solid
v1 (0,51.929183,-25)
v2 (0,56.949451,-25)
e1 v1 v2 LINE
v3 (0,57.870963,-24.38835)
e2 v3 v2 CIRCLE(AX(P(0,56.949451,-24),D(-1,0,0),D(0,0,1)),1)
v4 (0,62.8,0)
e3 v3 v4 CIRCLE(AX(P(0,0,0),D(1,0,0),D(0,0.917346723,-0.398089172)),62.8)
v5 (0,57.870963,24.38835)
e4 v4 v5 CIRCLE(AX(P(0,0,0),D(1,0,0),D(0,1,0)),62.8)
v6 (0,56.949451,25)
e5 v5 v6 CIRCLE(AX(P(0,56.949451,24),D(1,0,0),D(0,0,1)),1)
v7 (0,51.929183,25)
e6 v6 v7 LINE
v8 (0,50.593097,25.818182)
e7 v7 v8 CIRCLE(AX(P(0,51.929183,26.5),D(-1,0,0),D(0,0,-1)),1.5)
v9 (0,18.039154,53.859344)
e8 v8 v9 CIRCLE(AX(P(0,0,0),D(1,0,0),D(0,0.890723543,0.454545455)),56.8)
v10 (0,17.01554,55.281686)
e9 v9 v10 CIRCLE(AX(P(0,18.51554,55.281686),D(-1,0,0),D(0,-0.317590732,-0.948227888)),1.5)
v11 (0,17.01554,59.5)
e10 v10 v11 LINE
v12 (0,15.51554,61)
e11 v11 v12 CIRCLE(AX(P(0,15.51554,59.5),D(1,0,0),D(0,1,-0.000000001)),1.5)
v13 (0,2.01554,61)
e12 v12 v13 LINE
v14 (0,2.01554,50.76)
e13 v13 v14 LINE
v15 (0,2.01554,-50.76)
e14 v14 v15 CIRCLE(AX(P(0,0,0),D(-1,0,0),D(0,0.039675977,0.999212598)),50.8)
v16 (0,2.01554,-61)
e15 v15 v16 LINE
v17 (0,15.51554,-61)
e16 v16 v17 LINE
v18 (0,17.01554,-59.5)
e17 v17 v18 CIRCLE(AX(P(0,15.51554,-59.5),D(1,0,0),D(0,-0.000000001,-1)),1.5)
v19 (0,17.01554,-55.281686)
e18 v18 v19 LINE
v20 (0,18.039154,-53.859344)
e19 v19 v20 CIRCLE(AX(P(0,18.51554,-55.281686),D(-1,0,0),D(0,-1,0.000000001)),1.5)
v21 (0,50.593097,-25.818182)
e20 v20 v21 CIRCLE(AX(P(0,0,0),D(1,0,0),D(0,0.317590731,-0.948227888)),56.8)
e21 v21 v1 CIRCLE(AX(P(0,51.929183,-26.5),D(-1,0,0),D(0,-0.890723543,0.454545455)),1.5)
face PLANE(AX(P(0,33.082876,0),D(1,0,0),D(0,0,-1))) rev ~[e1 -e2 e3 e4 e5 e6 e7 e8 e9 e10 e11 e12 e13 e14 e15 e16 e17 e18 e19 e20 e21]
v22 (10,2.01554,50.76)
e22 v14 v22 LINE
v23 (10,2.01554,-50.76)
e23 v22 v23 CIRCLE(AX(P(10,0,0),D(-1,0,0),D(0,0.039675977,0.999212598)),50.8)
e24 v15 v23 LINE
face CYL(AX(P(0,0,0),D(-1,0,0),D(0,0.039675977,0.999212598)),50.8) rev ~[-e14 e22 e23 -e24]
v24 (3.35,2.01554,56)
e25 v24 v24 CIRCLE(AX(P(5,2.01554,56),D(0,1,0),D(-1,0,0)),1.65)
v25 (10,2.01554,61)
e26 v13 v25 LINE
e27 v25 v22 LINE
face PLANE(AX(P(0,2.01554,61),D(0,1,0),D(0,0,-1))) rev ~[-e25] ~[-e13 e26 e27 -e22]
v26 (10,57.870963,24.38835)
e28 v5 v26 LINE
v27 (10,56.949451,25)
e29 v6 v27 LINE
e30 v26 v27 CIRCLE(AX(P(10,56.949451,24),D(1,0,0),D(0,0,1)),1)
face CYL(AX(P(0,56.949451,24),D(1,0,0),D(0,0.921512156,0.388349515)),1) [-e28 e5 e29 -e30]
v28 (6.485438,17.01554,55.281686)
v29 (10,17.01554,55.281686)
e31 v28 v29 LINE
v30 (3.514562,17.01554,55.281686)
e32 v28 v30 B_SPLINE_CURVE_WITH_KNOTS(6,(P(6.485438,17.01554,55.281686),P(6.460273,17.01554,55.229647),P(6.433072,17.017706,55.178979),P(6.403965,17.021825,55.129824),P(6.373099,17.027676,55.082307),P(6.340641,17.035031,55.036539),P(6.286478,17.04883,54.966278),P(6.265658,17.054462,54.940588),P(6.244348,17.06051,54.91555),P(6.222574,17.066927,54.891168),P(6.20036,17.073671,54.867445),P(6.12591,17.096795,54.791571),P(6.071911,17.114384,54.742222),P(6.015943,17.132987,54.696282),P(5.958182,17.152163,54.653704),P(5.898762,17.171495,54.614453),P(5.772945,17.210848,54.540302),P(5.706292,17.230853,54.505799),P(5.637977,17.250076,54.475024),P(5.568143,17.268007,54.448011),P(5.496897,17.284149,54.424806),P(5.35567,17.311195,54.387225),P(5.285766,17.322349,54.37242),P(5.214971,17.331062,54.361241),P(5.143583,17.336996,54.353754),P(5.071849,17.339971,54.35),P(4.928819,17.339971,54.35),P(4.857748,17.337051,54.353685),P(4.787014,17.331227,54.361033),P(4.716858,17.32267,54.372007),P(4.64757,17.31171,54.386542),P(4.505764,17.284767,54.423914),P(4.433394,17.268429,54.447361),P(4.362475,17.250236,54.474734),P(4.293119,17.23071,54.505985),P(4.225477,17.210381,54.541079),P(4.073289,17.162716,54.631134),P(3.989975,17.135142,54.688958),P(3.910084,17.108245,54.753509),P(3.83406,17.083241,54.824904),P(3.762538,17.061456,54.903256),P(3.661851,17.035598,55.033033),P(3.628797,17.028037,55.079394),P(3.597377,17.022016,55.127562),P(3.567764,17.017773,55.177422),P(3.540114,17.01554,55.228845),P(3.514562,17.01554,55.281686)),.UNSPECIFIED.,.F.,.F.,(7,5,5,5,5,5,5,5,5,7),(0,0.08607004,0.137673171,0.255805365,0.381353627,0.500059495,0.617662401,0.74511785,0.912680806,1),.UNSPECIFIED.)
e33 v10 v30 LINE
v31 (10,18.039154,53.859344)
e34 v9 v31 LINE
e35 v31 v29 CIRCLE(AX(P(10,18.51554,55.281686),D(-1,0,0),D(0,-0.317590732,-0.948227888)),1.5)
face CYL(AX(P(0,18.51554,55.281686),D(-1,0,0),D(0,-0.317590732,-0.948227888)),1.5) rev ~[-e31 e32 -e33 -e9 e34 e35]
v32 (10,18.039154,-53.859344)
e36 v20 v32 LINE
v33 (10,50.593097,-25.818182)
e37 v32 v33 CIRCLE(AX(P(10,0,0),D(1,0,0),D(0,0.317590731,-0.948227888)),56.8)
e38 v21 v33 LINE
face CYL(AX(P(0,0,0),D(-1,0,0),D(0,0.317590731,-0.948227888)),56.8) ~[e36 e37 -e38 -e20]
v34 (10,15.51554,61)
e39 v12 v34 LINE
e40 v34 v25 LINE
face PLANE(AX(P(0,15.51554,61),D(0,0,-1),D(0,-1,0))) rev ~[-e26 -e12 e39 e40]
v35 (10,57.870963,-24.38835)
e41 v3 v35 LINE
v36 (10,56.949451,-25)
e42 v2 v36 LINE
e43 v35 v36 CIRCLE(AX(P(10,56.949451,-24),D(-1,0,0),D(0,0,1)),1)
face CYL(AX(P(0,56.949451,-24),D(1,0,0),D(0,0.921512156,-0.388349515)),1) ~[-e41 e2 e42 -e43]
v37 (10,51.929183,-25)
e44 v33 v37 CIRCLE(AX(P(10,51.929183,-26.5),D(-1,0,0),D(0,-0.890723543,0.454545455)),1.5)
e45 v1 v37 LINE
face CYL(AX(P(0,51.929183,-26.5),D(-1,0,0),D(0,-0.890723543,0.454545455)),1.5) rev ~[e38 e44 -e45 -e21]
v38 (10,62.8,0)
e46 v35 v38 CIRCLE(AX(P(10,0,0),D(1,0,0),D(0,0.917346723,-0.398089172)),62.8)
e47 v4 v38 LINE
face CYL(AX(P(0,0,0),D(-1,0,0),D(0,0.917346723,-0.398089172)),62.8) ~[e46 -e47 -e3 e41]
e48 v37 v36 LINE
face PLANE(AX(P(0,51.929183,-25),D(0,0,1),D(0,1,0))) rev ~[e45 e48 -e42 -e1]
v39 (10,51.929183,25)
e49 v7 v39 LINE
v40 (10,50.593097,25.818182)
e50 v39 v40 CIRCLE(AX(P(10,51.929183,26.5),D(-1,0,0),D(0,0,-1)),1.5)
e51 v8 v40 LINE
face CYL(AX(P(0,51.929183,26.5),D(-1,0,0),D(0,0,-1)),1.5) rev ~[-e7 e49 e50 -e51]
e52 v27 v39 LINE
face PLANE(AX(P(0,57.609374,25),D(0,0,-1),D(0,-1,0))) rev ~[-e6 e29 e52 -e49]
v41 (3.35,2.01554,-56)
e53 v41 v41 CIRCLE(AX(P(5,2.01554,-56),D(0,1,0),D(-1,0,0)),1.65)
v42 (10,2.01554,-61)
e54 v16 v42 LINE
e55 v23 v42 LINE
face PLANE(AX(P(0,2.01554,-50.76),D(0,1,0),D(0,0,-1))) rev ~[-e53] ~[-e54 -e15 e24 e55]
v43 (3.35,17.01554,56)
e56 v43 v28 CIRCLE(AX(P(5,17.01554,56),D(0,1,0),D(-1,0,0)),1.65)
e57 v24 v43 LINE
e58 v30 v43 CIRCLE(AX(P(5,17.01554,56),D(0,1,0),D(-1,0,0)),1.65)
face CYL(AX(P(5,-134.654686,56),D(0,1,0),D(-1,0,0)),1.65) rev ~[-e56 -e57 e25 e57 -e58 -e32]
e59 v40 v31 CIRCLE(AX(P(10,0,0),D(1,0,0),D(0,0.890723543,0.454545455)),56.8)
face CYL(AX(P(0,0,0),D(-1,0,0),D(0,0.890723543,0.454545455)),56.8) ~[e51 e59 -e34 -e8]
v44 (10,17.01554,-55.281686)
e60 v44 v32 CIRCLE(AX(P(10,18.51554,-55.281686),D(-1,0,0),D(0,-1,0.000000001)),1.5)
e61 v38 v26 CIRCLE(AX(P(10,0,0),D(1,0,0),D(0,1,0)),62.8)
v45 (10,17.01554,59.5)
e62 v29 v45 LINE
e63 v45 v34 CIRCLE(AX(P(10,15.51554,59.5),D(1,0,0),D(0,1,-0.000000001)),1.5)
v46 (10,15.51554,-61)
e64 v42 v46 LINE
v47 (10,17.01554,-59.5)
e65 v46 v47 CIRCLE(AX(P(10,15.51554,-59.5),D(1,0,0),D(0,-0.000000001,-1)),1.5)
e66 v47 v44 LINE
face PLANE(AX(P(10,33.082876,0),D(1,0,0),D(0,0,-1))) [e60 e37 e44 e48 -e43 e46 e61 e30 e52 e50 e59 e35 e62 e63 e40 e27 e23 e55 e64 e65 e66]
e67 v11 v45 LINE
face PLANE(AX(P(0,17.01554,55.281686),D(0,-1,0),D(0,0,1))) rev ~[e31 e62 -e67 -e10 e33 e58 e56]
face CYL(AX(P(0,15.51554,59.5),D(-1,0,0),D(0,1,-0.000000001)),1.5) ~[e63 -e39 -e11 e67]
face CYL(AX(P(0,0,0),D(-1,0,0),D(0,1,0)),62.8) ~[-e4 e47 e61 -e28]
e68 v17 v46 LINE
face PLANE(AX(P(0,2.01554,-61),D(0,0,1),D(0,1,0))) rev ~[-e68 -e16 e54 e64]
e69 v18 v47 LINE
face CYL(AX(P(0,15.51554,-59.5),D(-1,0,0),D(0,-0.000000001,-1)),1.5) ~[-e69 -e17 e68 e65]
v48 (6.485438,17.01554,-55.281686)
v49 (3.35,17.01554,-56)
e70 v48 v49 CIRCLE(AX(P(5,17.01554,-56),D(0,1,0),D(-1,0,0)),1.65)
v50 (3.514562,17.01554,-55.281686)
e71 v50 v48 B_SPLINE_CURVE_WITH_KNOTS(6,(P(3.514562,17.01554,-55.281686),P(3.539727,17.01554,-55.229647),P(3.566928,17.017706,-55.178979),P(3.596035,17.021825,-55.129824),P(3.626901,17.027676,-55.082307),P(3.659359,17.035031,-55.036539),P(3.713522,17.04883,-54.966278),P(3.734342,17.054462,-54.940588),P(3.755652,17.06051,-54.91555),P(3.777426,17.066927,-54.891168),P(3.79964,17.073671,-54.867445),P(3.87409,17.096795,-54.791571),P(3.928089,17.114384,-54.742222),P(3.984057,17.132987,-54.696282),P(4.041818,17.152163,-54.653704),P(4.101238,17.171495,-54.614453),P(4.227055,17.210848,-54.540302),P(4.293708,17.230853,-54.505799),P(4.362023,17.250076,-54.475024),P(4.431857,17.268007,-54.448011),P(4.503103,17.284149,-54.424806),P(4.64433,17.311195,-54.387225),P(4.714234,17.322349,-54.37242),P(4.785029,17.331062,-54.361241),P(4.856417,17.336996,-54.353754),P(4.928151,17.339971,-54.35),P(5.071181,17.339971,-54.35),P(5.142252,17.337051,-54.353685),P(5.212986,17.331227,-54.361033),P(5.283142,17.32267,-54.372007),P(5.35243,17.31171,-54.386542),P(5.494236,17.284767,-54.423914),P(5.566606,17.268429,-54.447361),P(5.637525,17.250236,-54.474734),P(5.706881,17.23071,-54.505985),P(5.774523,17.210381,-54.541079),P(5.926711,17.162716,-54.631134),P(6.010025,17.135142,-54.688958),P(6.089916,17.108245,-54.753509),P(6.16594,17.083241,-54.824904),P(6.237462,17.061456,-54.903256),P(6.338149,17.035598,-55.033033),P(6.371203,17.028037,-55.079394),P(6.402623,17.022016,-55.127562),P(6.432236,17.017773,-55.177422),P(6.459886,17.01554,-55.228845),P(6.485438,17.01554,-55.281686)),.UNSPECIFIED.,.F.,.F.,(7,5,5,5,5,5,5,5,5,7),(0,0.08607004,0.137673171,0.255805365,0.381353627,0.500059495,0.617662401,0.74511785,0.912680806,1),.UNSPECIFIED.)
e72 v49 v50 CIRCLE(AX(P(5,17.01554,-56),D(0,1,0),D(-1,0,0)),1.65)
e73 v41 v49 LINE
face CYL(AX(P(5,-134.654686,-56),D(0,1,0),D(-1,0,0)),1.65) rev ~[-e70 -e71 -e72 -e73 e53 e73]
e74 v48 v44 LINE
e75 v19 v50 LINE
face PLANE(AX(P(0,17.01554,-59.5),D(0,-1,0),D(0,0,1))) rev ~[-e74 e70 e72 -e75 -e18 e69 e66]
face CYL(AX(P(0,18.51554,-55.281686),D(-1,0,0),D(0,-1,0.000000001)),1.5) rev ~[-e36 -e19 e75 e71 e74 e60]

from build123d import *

# Parameters (mm, degrees)
BOSS_EXTRUDE1_DEPTH = 10
M4_TAPPED_HOLE1_D   = 3.3
FILLET1_R           = 1


with BuildPart() as part:
    # Sketch1 → Boss-Extrude1 (new body)
    with BuildSketch(Plane(origin=(0, 0, 0), x_dir=(0, 0, -1), z_dir=(1, 0, 0))):
        with BuildLine():
            ThreePointArc((25, 57.609374237), (12.766583292, 61.488652214), (0, 62.8))
            ThreePointArc((0, 62.8), (-12.766583292, 61.488652214), (-25, 57.609374237))
            Line((-25, 57.609374237), (-25, 51.929182547))
            ThreePointArc((-25, 51.929182547), (-25.220795702, 51.145833095), (-25.818181818, 50.593097233))
            ThreePointArc((-25.818181818, 50.593097233), (-43.035646203, 37.069841595), (-53.859344034, 18.039153533))
            ThreePointArc((-53.859344034, 18.039153533), (-54.405495004, 17.298046479), (-55.281685866, 17.01553963))
            Line((-55.281685866, 17.01553963), (-59.5, 17.01553963))
            ThreePointArc((-59.5, 17.01553963), (-60.560660172, 16.576199802), (-61, 15.51553963))
            Line((-61, 15.51553963), (-61, 2.01553963))
            Line((-61, 2.01553963), (-50.76, 2.01553963))
            ThreePointArc((-50.76, 2.01553963), (0, 50.8), (50.76, 2.01553963))
            Line((50.76, 2.01553963), (61, 2.01553963))
            Line((61, 2.01553963), (61, 15.51553963))
            ThreePointArc((61, 15.51553963), (60.560660172, 16.576199802), (59.5, 17.01553963))
            Line((59.5, 17.01553963), (55.281685866, 17.01553963))
            ThreePointArc((55.281685866, 17.01553963), (54.405495004, 17.298046479), (53.859344034, 18.039153533))
            ThreePointArc((53.859344034, 18.039153533), (43.035646203, 37.069841595), (25.818181818, 50.593097233))
            ThreePointArc((25.818181818, 50.593097233), (25.220795702, 51.145833095), (25, 51.929182547))
            Line((25, 51.929182547), (25, 57.609374237))
        make_face()
    extrude(amount=BOSS_EXTRUDE1_DEPTH)

    # M4 Tapped Hole1 (through all)
    with Locations(Plane.XZ.offset(-2.01553963)):
        with Locations((5, -56), (5, 56)):
            Hole(M4_TAPPED_HOLE1_D / 2)

    # Fillet1
    fillet1_edges = [part.edges().sort_by_distance(p)[0] for p in [
        (5, 57.609374237, -25),
        (5, 57.609374237, 25),
    ]]
    fillet(fillet1_edges, radius=FILLET1_R)


solid = part.part
